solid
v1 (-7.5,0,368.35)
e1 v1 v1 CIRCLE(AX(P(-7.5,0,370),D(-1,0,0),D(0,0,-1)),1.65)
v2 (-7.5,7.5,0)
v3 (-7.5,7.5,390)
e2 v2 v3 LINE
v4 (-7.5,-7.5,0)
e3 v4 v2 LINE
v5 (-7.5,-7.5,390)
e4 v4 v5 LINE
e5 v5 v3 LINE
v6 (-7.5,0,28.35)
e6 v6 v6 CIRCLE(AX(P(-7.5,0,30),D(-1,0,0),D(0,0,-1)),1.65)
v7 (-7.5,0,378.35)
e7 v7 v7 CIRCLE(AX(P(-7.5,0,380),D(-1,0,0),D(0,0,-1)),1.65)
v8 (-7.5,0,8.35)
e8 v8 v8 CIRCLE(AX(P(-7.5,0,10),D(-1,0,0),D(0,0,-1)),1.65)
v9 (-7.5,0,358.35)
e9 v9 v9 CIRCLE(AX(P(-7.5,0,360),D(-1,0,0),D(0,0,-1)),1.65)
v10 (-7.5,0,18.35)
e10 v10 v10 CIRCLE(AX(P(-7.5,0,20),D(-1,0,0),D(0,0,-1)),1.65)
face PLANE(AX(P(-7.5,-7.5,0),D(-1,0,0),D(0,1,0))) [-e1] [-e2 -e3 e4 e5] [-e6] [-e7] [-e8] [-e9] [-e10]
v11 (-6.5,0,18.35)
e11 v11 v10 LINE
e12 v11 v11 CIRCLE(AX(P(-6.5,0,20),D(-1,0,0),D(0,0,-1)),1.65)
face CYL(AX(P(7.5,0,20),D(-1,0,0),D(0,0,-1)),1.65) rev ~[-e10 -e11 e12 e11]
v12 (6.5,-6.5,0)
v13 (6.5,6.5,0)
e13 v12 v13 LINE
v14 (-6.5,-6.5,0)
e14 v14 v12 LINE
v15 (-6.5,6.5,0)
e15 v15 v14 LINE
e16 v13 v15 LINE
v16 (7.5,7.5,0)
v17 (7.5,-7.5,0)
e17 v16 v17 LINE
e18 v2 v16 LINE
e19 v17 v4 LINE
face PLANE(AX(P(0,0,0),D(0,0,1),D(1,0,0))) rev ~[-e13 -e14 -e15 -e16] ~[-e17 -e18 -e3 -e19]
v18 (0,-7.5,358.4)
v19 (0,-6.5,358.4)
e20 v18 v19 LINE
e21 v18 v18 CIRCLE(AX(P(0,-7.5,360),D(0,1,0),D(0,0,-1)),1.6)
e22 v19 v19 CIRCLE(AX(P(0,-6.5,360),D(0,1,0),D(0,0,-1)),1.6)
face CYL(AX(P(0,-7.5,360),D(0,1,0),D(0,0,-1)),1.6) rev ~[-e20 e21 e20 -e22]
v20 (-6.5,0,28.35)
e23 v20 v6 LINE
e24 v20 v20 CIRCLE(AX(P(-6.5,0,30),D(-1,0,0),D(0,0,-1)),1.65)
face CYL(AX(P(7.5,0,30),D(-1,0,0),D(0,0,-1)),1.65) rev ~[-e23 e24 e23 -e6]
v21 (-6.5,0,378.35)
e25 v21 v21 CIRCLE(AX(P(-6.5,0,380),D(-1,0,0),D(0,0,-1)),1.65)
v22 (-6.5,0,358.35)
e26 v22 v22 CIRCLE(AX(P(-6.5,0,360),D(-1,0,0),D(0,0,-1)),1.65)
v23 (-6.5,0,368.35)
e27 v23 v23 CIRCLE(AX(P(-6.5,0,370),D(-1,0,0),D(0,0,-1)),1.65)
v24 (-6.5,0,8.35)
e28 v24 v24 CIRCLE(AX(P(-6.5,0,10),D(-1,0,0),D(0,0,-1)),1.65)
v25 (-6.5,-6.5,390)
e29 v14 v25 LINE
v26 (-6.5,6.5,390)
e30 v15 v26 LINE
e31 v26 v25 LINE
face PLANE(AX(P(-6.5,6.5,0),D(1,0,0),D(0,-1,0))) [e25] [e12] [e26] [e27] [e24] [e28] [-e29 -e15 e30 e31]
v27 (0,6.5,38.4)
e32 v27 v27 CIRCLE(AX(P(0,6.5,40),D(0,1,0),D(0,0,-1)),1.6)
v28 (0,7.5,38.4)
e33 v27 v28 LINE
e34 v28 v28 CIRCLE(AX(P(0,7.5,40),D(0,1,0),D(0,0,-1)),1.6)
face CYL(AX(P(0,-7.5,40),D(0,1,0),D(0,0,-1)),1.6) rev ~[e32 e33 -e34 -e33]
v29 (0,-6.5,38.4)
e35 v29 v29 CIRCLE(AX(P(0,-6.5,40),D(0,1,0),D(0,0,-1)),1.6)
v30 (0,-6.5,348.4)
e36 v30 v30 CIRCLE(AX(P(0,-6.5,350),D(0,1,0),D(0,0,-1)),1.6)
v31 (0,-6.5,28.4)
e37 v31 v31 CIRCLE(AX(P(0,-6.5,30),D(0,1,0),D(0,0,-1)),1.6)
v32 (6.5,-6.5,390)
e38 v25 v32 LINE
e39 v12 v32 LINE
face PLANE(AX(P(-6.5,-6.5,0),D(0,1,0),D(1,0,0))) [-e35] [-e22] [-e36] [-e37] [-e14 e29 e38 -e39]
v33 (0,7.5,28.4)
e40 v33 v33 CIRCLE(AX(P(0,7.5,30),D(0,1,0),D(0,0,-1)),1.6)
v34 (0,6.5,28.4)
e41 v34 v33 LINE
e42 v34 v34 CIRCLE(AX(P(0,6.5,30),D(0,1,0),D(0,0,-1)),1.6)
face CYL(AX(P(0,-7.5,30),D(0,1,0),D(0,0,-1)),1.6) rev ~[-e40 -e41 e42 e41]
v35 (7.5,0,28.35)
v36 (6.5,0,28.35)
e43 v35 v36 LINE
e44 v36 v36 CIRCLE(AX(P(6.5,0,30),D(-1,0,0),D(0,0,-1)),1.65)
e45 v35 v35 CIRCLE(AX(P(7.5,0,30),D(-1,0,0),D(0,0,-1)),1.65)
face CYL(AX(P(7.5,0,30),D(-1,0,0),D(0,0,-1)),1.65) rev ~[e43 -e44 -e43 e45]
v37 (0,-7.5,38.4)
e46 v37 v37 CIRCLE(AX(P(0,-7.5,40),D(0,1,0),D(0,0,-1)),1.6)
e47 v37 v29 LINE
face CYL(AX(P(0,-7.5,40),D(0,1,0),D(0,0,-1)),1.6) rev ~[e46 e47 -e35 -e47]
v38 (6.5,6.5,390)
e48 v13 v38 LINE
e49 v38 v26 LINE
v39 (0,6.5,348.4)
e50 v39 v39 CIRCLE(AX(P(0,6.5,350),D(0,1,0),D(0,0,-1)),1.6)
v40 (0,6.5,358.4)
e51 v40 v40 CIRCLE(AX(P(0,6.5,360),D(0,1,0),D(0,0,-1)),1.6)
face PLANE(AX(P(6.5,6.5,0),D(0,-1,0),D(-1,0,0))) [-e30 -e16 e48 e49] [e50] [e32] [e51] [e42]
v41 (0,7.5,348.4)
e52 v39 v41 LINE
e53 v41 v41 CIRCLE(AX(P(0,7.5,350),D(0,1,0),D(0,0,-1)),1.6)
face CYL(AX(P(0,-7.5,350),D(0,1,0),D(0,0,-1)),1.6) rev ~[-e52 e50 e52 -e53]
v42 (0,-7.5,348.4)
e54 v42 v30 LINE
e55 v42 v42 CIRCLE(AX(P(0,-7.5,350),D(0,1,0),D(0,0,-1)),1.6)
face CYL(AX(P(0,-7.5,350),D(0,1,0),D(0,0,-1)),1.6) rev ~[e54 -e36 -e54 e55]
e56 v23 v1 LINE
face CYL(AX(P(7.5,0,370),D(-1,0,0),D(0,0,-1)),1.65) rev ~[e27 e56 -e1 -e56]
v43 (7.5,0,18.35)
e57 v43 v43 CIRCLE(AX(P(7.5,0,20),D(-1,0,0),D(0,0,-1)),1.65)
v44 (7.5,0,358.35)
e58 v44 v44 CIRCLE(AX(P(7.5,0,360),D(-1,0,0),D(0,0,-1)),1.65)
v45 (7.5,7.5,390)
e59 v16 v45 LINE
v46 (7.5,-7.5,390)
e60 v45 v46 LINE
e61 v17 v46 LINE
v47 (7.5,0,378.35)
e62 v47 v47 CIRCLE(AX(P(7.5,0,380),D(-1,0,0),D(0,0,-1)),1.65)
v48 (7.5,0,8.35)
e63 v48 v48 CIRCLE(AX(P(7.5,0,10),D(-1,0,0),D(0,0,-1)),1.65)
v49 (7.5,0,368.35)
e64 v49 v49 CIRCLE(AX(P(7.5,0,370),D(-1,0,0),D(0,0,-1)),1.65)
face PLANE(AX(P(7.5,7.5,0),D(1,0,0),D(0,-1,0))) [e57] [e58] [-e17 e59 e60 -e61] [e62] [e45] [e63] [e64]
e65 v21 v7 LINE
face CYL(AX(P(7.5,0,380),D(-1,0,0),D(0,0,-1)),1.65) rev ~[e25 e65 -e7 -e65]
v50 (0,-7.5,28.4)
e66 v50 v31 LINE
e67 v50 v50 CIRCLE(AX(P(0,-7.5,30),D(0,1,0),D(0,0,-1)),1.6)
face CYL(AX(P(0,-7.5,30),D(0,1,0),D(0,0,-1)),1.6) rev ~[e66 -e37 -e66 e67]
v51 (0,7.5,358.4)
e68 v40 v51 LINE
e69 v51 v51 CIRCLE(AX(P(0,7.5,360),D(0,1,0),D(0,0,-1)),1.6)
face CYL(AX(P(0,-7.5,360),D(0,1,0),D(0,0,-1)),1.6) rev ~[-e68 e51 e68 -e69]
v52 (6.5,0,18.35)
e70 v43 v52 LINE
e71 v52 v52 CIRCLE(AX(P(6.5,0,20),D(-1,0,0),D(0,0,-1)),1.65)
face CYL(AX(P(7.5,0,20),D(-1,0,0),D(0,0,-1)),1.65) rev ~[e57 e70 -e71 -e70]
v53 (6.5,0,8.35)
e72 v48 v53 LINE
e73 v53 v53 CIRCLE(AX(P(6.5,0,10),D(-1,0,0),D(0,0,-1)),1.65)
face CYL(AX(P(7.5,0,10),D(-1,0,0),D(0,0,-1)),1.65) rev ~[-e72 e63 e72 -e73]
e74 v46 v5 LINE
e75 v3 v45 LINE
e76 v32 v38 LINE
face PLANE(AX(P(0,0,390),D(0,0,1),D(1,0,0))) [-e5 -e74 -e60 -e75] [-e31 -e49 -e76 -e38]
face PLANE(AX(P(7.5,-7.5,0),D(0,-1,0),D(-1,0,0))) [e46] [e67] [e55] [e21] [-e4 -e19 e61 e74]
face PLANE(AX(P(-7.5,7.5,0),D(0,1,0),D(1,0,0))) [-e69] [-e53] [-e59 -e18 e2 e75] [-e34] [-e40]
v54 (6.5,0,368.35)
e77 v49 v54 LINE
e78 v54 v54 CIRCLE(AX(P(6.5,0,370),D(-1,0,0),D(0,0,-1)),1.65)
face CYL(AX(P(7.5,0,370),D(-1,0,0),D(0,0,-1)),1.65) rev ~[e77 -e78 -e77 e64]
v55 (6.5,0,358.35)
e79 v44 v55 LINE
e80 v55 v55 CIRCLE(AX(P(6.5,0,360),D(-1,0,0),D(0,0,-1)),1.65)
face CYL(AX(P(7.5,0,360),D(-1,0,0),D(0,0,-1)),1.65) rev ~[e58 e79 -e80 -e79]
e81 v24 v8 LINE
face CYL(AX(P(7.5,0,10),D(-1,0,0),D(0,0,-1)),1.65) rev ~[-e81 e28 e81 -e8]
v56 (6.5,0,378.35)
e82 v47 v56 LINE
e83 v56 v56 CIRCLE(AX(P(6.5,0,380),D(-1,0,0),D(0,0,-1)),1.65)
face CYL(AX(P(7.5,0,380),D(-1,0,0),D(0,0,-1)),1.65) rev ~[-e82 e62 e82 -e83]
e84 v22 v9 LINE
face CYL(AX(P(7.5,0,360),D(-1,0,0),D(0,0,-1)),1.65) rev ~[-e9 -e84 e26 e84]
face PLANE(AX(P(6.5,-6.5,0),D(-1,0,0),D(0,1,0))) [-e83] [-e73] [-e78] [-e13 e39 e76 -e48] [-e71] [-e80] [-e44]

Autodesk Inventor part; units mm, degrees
ref_plane "YZ Plane" through (0, 0, 0) normal (1, 0, 0) x (0, 1, 0)
ref_plane "XZ Plane" through (0, 0, 0) normal (0, 1, 0) x (-1, 0, 0)
ref_plane "XY Plane" through (0, 0, 0) normal (0, 0, 1) x (1, 0, 0)
sketch "スケッチ1" plane through (0, 0, 0) normal (0, 0, 1) x (1, 0, 0)
  line L0 (7.5, -7.5) -> (-7.5, -7.5)
  line L1 (-7.5, -7.5) -> (-7.5, 7.5)
  line L2 (-7.5, 7.5) -> (7.5, 7.5)
  line L3 (7.5, 7.5) -> (7.5, -7.5)
  line L4 (7.5, -7.5) -> (-7.5, 7.5) construction
  line L5 (-7.5, -7.5) -> (7.5, 7.5) construction
  line L6 (6.5, 6.5) -> (-6.5, 6.5)
  line L7 (-6.5, 6.5) -> (-6.5, -6.5)
  line L8 (-6.5, -6.5) -> (6.5, -6.5)
  line L9 (6.5, -6.5) -> (6.5, 6.5)
  point P0 (0, 0)
  dimension "d0" = 15
  dimension "d1" = 15
  dimension "d2" = 1
extrude "押し出し1" add sketch "スケッチ1" along normal blind 390
sketch "スケッチ2" plane through (7.5, -7.5, 0) normal (1, 0, 0) x (0, 0, -1)
  line L0 (0, 0) -> (0, 15) projected
  line L1 (0, 15) -> (-390, 15) projected
  line L2 (-390, 0) -> (-390, 15) projected
  line L3 (0, 0) -> (-390, 0) projected
  line L4 (0, 7.5) -> (-390, 7.5)
  point P0 (-380, 7.5)
  point P1 (-370, 7.5)
  point P2 (-10, 7.5)
  point P3 (-20, 7.5)
  point P4 (-360, 7.5)
  point P5 (-30, 7.5)
  dimension "d5" = 10
  dimension "d6" = 10
  dimension "d7" = 10
  dimension "d8" = 10
  dimension "d27" = 10
  dimension "d28" = 10
hole "穴1" at (7.5, 0, 380) at (7.5, 0, 370) at (7.5, 0, 10) at (7.5, 0, 20) at (7.5, 0, 30) at (7.5, 0, 360) direction (-1, 0, 0) diameter 3.3 end through all
sketch "スケッチ3" plane through (-7.5, -7.5, 0) normal (0, -1, 0) x (1, 0, 0)
  line L0 (0, 0) -> (15, 0) projected
  line L1 (15, 0) -> (15, 390) projected
  line L2 (0, 390) -> (15, 390) projected
  line L3 (0, 0) -> (0, 390) projected
  line L4 (7.5, 0) -> (7.5, 390)
  point P0 (7.5, 360)
  point P1 (7.5, 350)
  point P2 (7.5, 40)
  point P3 (7.5, 30)
  dimension "d16" = 10
  dimension "d17" = 10
  dimension "d18" = 30
  dimension "d19" = 30
hole "穴2" at (0, -7.5, 360) at (0, -7.5, 350) at (0, -7.5, 40) at (0, -7.5, 30) direction (0, 1, 0) diameter 3.2 end through all
properties part number "light_kaku_connect"
